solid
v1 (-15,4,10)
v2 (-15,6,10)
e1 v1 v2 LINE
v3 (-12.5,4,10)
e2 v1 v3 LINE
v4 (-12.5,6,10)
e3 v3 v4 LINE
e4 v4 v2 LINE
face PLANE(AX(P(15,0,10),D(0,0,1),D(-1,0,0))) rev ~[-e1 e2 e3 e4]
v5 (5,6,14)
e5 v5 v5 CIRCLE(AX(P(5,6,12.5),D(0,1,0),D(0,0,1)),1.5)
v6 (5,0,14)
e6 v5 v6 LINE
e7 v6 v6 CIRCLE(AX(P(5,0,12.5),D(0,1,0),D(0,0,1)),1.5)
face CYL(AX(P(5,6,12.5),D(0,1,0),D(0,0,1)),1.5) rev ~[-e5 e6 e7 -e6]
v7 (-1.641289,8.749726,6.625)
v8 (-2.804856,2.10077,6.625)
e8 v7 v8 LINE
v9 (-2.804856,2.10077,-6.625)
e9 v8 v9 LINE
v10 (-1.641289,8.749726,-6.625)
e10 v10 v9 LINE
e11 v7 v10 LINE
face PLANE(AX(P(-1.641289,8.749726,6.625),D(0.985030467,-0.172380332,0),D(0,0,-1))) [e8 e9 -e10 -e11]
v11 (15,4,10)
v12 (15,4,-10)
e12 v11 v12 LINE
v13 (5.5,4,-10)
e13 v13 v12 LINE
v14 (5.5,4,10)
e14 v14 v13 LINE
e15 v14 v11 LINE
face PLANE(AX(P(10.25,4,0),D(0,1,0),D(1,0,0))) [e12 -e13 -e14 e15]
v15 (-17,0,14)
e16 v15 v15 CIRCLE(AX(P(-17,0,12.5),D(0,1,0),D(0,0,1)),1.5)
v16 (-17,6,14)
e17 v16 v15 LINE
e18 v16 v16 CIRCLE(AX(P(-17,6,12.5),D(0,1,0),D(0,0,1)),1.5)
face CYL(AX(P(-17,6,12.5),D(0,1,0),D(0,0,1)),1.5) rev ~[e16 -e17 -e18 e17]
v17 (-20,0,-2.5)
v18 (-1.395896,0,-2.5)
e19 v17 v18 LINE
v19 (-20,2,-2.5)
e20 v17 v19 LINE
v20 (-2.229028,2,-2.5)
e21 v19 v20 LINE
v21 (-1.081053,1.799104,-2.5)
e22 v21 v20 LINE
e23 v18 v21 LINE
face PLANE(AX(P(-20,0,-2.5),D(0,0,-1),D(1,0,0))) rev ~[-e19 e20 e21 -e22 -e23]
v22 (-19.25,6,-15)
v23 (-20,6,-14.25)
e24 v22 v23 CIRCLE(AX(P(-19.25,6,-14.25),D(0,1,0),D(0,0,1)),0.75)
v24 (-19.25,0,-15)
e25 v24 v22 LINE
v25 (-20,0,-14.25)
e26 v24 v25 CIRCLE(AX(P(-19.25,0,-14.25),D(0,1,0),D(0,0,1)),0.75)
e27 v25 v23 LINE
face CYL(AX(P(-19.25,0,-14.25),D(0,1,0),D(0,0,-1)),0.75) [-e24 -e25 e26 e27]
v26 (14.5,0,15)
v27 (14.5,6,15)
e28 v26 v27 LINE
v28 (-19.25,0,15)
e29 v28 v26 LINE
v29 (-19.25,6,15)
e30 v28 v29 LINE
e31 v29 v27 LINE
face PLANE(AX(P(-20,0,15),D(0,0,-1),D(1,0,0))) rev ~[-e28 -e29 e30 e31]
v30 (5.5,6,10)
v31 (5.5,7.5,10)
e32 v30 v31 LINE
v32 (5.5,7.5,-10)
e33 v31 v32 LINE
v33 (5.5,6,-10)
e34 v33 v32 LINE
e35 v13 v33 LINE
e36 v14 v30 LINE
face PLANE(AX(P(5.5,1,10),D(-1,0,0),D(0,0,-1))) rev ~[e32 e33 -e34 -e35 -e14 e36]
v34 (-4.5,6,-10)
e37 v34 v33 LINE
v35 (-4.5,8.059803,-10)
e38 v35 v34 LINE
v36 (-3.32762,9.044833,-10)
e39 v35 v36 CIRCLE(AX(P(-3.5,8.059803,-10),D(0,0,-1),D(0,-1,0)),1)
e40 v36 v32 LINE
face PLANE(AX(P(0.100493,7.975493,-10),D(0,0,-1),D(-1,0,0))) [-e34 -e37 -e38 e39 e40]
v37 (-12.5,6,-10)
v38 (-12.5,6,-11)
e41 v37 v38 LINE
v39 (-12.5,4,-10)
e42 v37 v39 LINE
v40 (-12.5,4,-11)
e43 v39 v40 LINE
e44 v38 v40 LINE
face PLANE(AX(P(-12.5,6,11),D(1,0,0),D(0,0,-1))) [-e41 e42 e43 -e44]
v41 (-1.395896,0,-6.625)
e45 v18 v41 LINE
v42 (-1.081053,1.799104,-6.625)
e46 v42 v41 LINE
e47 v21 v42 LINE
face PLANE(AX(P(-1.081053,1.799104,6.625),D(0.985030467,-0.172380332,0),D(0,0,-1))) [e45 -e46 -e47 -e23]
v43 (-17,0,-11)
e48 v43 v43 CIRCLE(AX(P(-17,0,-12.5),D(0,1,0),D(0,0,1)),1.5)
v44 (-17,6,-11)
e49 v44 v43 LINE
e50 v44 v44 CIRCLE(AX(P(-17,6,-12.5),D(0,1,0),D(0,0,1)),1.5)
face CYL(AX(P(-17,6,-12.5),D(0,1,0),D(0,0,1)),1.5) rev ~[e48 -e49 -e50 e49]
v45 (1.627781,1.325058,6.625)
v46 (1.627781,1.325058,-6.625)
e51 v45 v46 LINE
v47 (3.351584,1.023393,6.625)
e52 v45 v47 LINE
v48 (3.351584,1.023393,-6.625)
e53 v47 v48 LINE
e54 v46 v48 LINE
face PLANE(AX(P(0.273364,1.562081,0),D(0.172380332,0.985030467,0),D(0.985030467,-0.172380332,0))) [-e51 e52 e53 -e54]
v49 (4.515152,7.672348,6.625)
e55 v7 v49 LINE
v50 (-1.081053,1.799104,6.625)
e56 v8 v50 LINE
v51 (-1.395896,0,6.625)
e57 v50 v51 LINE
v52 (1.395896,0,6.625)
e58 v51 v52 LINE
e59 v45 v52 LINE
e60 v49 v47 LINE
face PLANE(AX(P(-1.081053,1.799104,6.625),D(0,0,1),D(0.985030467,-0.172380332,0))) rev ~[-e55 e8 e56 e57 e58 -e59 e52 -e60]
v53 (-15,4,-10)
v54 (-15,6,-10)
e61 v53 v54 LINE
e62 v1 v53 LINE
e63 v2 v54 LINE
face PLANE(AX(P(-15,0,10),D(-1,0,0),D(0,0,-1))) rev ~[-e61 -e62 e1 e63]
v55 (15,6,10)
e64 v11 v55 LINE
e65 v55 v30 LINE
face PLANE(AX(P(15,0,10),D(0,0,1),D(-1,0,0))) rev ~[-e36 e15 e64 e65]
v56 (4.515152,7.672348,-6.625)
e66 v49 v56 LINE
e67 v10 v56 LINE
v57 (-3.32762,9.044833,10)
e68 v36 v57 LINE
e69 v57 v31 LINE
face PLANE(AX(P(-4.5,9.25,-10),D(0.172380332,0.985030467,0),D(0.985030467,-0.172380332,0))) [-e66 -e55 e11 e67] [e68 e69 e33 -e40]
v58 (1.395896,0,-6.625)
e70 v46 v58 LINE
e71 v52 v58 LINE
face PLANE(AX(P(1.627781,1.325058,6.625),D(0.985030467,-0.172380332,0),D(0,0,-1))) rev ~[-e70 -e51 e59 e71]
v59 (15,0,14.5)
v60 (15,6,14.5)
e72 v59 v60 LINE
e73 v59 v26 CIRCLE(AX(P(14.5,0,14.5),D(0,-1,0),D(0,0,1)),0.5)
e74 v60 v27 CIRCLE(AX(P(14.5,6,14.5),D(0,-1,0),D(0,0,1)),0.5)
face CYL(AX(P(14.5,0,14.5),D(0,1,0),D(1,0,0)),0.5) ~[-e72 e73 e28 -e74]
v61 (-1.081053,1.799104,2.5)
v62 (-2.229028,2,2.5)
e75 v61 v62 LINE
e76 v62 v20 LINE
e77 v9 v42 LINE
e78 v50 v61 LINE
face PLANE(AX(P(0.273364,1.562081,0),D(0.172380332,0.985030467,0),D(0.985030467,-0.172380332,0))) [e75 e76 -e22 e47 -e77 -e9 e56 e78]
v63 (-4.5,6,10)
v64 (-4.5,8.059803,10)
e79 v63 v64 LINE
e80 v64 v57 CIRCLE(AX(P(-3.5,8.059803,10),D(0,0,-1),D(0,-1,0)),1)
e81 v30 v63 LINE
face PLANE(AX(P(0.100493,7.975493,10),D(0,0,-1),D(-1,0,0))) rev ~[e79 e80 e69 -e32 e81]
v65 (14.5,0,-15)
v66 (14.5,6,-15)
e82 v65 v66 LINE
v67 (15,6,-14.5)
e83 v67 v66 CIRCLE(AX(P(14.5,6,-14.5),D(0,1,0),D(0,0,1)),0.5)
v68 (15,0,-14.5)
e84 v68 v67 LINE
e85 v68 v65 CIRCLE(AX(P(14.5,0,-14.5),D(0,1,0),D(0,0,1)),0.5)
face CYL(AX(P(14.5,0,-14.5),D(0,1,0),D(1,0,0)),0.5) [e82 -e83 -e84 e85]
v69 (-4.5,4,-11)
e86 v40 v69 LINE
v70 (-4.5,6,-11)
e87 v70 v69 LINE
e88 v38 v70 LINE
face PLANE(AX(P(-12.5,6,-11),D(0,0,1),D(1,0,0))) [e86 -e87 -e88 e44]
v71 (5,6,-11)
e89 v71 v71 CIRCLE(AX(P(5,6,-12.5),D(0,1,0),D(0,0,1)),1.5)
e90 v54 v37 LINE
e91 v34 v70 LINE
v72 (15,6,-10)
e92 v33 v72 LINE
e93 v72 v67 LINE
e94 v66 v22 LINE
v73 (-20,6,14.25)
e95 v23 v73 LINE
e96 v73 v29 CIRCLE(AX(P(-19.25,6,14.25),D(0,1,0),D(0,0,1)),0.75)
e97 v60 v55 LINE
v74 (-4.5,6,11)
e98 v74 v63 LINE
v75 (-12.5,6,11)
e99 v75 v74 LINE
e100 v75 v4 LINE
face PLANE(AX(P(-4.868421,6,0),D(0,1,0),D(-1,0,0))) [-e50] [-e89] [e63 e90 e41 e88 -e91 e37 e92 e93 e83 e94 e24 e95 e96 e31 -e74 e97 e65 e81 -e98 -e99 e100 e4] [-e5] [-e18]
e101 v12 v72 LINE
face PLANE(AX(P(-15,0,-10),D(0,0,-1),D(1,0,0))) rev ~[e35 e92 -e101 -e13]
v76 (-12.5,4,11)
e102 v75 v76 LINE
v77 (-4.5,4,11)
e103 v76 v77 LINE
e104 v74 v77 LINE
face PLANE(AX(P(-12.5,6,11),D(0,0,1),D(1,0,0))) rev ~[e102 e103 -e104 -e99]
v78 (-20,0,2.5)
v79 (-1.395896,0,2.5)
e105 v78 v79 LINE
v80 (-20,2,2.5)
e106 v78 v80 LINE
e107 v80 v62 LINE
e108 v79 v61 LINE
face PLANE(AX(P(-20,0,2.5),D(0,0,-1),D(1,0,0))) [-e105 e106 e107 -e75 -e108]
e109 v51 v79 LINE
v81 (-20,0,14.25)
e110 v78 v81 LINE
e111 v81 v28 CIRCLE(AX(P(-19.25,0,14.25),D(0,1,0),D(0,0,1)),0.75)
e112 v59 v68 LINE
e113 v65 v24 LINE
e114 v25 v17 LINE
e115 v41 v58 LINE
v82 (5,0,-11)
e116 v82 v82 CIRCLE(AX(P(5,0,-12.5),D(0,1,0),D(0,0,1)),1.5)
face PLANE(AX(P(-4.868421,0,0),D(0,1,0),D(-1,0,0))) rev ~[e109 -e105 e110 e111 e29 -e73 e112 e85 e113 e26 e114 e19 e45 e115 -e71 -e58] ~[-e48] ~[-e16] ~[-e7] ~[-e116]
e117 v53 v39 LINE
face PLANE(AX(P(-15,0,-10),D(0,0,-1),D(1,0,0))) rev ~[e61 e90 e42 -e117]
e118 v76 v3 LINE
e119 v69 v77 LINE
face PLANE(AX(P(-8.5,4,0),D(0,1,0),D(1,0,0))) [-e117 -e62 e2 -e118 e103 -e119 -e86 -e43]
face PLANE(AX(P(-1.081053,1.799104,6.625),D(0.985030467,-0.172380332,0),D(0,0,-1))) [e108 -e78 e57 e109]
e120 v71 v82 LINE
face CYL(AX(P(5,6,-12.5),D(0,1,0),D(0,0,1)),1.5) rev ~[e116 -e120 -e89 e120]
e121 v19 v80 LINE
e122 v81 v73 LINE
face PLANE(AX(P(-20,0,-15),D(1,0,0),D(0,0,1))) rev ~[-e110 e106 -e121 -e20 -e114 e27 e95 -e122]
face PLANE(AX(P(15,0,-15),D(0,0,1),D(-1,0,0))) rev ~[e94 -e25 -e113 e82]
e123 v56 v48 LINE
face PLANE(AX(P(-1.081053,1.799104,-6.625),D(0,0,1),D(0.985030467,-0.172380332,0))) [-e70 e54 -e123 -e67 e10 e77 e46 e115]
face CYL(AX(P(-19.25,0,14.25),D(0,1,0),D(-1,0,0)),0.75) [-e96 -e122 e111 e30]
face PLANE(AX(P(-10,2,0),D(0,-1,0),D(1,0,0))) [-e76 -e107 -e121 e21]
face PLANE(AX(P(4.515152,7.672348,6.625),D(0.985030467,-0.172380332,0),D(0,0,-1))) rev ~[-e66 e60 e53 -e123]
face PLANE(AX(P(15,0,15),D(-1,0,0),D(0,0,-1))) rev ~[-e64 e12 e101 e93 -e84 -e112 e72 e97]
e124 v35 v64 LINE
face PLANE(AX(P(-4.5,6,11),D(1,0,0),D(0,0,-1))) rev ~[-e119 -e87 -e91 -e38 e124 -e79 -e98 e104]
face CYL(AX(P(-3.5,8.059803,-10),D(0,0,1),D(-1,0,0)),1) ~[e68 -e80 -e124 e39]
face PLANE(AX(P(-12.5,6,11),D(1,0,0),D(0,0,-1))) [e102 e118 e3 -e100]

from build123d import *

# Parameters (mm, degrees)
SKETCH1_W                = 30
SKETCH1_H                = 20
BASE_PLATE_DEPTH         = 1
SIDE_WALLS_DEPTH         = 6
SKETCH3_W                = 10
SKETCH3_H                = 20
SWITCH_BLOCK_DEPTH       = 6.5
SKETCH11_W               = 10.5
SKETCH11_H               = 20
SKETCH11_W_2             = 9.5
THICKER_BODY_DEPTH       = 3
SWITCH_BLOCK_ANGLE_DEPTH = 20
SKETCH4_R                = 1.5
M2_SCREWS_DEPTH          = 6
FILLET1_R                = 1
FILLET2_R                = 0.5
FILLET3_R                = 0.5
FILLET4_R                = 0.75
FILLET5_R                = 0.75
SKETCH19_W               = 8
SKETCH19_H               = 22
SPACE_FOR_LEAVER_DEPTH   = 2
SKETCH22_W               = 6.25
SKETCH22_H               = 13.25
SWITCH_DEPTH             = 6.75
SKETCH23_W               = 2.75
SKETCH23_H               = 13.25
CUT_EXTRUDE2_DEPTH       = 27.310171552
SKETCH24_W               = 20
SKETCH24_H               = 5
CUT_EXTRUDE3_DEPTH       = 2


with BuildPart() as part:
    # Sketch1 → Base Plate (new body)
    with BuildSketch(Plane(origin=(0, 0, 0), x_dir=(1, 0, 0), z_dir=(0, 1, 0))):
        Rectangle(SKETCH1_W, SKETCH1_H)
    extrude(amount=BASE_PLATE_DEPTH)

    # Sketch2 → Side Walls (add)
    with BuildSketch(Plane.XZ):
        Polygon((15, 10), (-15, 10), (-15, -10), (15, -10), (15, -15), (-20, -15), (-20, 15), (15, 15), align=None)
    extrude(amount=-SIDE_WALLS_DEPTH)

    # Sketch3 → Switch Block (add)
    with BuildSketch(Plane(origin=(0, 1, 0), x_dir=(1, 0, 0), z_dir=(0, 1, 0))):
        with Locations((0.5, 0)):
            Rectangle(SKETCH3_W, SKETCH3_H)
    extrude(amount=SWITCH_BLOCK_DEPTH)

    # Sketch11 → Thicker Body (add)
    with BuildSketch(Plane(origin=(0, 1, 0), x_dir=(1, 0, 0), z_dir=(0, 1, 0))):
        with Locations((-9.75, 0)):
            Rectangle(SKETCH11_W, SKETCH11_H)
        with Locations((10.25, 0)):
            Rectangle(SKETCH11_W_2, SKETCH11_H)
    extrude(amount=THICKER_BODY_DEPTH)

    # Sketch5 → Switch Block Angle (add)
    with BuildSketch(Plane(origin=(0, 0, -10), x_dir=(-1, 0, 0), z_dir=(0, 0, -1))):
        Polygon((4.5, 7.5), (4.5, 9.25), (-5.5, 7.5), align=None)
    extrude(amount=-SWITCH_BLOCK_ANGLE_DEPTH)

    # Sketch4 → M2 Screws (cut)
    with BuildSketch(Plane(origin=(0, 6, 0), x_dir=(1, 0, 0), z_dir=(0, 1, 0))):
        with Locations(Location((-17, -12.5, 0), (0, 0, 270))):
            Circle(SKETCH4_R)
        with Locations(Location((5, -12.5, 0), (0, 0, 270))):
            Circle(SKETCH4_R)
        with Locations(Location((5, 12.5, 0), (0, 0, 270))):
            Circle(SKETCH4_R)
        with Locations(Location((-17, 12.5, 0), (0, 0, 270))):
            Circle(SKETCH4_R)
    extrude(amount=-M2_SCREWS_DEPTH, mode=Mode.SUBTRACT)

    # Fillet1
    fillet1_edges = [part.edges().sort_by_distance(p)[0] for p in [
        (-4.5, 9.25, 0),
    ]]
    fillet(fillet1_edges, radius=FILLET1_R)

    # Fillet2
    fillet2_edges = [part.edges().sort_by_distance(p)[0] for p in [
        (15, 3, 15),
    ]]
    fillet(fillet2_edges, radius=FILLET2_R)

    # Fillet3
    fillet3_edges = [part.edges().sort_by_distance(p)[0] for p in [
        (15, 3, -15),
    ]]
    fillet(fillet3_edges, radius=FILLET3_R)

    # Fillet4
    fillet4_edges = [part.edges().sort_by_distance(p)[0] for p in [
        (-20, 3, -15),
    ]]
    fillet(fillet4_edges, radius=FILLET4_R)

    # Fillet5
    fillet5_edges = [part.edges().sort_by_distance(p)[0] for p in [
        (-20, 3, 15),
    ]]
    fillet(fillet5_edges, radius=FILLET5_R)

    # Sketch19 → Space for LEaver (cut)
    with BuildSketch(Plane(origin=(0, 6, 0), x_dir=(1, 0, 0), z_dir=(0, 1, 0))):
        with Locations((-8.5, 0)):
            Rectangle(SKETCH19_W, SKETCH19_H)
    extrude(amount=-SPACE_FOR_LEAVER_DEPTH, mode=Mode.SUBTRACT)

    # Sketch22 → Switch (cut)
    with BuildSketch(Plane(origin=(1.436931474, 8.211036992, 0), x_dir=(0.9850304671557042, -0.1723803317522482, 0), z_dir=(0.1723803317522482, 0.9850304671557042, 0))):
        Rectangle(SKETCH22_W, SKETCH22_H)
    extrude(amount=-SWITCH_DEPTH, mode=Mode.SUBTRACT)

    # Sketch23 → Cut-Extrude2 (cut, through all)
    with BuildSketch(Plane(origin=(0.273364234, 1.562081339, 0), x_dir=(0.9850304671557042, -0.1723803317522482, 0), z_dir=(0.1723803317522482, 0.9850304671557042, 0))):
        Rectangle(SKETCH23_W, SKETCH23_H)
    extrude(amount=-CUT_EXTRUDE2_DEPTH, mode=Mode.SUBTRACT)

    # Sketch24 → Cut-Extrude3 (cut)
    with BuildSketch(Plane.XZ):
        with Locations((-10, 0)):
            Rectangle(SKETCH24_W, SKETCH24_H)
    extrude(amount=-CUT_EXTRUDE3_DEPTH, mode=Mode.SUBTRACT)


solid = part.part
